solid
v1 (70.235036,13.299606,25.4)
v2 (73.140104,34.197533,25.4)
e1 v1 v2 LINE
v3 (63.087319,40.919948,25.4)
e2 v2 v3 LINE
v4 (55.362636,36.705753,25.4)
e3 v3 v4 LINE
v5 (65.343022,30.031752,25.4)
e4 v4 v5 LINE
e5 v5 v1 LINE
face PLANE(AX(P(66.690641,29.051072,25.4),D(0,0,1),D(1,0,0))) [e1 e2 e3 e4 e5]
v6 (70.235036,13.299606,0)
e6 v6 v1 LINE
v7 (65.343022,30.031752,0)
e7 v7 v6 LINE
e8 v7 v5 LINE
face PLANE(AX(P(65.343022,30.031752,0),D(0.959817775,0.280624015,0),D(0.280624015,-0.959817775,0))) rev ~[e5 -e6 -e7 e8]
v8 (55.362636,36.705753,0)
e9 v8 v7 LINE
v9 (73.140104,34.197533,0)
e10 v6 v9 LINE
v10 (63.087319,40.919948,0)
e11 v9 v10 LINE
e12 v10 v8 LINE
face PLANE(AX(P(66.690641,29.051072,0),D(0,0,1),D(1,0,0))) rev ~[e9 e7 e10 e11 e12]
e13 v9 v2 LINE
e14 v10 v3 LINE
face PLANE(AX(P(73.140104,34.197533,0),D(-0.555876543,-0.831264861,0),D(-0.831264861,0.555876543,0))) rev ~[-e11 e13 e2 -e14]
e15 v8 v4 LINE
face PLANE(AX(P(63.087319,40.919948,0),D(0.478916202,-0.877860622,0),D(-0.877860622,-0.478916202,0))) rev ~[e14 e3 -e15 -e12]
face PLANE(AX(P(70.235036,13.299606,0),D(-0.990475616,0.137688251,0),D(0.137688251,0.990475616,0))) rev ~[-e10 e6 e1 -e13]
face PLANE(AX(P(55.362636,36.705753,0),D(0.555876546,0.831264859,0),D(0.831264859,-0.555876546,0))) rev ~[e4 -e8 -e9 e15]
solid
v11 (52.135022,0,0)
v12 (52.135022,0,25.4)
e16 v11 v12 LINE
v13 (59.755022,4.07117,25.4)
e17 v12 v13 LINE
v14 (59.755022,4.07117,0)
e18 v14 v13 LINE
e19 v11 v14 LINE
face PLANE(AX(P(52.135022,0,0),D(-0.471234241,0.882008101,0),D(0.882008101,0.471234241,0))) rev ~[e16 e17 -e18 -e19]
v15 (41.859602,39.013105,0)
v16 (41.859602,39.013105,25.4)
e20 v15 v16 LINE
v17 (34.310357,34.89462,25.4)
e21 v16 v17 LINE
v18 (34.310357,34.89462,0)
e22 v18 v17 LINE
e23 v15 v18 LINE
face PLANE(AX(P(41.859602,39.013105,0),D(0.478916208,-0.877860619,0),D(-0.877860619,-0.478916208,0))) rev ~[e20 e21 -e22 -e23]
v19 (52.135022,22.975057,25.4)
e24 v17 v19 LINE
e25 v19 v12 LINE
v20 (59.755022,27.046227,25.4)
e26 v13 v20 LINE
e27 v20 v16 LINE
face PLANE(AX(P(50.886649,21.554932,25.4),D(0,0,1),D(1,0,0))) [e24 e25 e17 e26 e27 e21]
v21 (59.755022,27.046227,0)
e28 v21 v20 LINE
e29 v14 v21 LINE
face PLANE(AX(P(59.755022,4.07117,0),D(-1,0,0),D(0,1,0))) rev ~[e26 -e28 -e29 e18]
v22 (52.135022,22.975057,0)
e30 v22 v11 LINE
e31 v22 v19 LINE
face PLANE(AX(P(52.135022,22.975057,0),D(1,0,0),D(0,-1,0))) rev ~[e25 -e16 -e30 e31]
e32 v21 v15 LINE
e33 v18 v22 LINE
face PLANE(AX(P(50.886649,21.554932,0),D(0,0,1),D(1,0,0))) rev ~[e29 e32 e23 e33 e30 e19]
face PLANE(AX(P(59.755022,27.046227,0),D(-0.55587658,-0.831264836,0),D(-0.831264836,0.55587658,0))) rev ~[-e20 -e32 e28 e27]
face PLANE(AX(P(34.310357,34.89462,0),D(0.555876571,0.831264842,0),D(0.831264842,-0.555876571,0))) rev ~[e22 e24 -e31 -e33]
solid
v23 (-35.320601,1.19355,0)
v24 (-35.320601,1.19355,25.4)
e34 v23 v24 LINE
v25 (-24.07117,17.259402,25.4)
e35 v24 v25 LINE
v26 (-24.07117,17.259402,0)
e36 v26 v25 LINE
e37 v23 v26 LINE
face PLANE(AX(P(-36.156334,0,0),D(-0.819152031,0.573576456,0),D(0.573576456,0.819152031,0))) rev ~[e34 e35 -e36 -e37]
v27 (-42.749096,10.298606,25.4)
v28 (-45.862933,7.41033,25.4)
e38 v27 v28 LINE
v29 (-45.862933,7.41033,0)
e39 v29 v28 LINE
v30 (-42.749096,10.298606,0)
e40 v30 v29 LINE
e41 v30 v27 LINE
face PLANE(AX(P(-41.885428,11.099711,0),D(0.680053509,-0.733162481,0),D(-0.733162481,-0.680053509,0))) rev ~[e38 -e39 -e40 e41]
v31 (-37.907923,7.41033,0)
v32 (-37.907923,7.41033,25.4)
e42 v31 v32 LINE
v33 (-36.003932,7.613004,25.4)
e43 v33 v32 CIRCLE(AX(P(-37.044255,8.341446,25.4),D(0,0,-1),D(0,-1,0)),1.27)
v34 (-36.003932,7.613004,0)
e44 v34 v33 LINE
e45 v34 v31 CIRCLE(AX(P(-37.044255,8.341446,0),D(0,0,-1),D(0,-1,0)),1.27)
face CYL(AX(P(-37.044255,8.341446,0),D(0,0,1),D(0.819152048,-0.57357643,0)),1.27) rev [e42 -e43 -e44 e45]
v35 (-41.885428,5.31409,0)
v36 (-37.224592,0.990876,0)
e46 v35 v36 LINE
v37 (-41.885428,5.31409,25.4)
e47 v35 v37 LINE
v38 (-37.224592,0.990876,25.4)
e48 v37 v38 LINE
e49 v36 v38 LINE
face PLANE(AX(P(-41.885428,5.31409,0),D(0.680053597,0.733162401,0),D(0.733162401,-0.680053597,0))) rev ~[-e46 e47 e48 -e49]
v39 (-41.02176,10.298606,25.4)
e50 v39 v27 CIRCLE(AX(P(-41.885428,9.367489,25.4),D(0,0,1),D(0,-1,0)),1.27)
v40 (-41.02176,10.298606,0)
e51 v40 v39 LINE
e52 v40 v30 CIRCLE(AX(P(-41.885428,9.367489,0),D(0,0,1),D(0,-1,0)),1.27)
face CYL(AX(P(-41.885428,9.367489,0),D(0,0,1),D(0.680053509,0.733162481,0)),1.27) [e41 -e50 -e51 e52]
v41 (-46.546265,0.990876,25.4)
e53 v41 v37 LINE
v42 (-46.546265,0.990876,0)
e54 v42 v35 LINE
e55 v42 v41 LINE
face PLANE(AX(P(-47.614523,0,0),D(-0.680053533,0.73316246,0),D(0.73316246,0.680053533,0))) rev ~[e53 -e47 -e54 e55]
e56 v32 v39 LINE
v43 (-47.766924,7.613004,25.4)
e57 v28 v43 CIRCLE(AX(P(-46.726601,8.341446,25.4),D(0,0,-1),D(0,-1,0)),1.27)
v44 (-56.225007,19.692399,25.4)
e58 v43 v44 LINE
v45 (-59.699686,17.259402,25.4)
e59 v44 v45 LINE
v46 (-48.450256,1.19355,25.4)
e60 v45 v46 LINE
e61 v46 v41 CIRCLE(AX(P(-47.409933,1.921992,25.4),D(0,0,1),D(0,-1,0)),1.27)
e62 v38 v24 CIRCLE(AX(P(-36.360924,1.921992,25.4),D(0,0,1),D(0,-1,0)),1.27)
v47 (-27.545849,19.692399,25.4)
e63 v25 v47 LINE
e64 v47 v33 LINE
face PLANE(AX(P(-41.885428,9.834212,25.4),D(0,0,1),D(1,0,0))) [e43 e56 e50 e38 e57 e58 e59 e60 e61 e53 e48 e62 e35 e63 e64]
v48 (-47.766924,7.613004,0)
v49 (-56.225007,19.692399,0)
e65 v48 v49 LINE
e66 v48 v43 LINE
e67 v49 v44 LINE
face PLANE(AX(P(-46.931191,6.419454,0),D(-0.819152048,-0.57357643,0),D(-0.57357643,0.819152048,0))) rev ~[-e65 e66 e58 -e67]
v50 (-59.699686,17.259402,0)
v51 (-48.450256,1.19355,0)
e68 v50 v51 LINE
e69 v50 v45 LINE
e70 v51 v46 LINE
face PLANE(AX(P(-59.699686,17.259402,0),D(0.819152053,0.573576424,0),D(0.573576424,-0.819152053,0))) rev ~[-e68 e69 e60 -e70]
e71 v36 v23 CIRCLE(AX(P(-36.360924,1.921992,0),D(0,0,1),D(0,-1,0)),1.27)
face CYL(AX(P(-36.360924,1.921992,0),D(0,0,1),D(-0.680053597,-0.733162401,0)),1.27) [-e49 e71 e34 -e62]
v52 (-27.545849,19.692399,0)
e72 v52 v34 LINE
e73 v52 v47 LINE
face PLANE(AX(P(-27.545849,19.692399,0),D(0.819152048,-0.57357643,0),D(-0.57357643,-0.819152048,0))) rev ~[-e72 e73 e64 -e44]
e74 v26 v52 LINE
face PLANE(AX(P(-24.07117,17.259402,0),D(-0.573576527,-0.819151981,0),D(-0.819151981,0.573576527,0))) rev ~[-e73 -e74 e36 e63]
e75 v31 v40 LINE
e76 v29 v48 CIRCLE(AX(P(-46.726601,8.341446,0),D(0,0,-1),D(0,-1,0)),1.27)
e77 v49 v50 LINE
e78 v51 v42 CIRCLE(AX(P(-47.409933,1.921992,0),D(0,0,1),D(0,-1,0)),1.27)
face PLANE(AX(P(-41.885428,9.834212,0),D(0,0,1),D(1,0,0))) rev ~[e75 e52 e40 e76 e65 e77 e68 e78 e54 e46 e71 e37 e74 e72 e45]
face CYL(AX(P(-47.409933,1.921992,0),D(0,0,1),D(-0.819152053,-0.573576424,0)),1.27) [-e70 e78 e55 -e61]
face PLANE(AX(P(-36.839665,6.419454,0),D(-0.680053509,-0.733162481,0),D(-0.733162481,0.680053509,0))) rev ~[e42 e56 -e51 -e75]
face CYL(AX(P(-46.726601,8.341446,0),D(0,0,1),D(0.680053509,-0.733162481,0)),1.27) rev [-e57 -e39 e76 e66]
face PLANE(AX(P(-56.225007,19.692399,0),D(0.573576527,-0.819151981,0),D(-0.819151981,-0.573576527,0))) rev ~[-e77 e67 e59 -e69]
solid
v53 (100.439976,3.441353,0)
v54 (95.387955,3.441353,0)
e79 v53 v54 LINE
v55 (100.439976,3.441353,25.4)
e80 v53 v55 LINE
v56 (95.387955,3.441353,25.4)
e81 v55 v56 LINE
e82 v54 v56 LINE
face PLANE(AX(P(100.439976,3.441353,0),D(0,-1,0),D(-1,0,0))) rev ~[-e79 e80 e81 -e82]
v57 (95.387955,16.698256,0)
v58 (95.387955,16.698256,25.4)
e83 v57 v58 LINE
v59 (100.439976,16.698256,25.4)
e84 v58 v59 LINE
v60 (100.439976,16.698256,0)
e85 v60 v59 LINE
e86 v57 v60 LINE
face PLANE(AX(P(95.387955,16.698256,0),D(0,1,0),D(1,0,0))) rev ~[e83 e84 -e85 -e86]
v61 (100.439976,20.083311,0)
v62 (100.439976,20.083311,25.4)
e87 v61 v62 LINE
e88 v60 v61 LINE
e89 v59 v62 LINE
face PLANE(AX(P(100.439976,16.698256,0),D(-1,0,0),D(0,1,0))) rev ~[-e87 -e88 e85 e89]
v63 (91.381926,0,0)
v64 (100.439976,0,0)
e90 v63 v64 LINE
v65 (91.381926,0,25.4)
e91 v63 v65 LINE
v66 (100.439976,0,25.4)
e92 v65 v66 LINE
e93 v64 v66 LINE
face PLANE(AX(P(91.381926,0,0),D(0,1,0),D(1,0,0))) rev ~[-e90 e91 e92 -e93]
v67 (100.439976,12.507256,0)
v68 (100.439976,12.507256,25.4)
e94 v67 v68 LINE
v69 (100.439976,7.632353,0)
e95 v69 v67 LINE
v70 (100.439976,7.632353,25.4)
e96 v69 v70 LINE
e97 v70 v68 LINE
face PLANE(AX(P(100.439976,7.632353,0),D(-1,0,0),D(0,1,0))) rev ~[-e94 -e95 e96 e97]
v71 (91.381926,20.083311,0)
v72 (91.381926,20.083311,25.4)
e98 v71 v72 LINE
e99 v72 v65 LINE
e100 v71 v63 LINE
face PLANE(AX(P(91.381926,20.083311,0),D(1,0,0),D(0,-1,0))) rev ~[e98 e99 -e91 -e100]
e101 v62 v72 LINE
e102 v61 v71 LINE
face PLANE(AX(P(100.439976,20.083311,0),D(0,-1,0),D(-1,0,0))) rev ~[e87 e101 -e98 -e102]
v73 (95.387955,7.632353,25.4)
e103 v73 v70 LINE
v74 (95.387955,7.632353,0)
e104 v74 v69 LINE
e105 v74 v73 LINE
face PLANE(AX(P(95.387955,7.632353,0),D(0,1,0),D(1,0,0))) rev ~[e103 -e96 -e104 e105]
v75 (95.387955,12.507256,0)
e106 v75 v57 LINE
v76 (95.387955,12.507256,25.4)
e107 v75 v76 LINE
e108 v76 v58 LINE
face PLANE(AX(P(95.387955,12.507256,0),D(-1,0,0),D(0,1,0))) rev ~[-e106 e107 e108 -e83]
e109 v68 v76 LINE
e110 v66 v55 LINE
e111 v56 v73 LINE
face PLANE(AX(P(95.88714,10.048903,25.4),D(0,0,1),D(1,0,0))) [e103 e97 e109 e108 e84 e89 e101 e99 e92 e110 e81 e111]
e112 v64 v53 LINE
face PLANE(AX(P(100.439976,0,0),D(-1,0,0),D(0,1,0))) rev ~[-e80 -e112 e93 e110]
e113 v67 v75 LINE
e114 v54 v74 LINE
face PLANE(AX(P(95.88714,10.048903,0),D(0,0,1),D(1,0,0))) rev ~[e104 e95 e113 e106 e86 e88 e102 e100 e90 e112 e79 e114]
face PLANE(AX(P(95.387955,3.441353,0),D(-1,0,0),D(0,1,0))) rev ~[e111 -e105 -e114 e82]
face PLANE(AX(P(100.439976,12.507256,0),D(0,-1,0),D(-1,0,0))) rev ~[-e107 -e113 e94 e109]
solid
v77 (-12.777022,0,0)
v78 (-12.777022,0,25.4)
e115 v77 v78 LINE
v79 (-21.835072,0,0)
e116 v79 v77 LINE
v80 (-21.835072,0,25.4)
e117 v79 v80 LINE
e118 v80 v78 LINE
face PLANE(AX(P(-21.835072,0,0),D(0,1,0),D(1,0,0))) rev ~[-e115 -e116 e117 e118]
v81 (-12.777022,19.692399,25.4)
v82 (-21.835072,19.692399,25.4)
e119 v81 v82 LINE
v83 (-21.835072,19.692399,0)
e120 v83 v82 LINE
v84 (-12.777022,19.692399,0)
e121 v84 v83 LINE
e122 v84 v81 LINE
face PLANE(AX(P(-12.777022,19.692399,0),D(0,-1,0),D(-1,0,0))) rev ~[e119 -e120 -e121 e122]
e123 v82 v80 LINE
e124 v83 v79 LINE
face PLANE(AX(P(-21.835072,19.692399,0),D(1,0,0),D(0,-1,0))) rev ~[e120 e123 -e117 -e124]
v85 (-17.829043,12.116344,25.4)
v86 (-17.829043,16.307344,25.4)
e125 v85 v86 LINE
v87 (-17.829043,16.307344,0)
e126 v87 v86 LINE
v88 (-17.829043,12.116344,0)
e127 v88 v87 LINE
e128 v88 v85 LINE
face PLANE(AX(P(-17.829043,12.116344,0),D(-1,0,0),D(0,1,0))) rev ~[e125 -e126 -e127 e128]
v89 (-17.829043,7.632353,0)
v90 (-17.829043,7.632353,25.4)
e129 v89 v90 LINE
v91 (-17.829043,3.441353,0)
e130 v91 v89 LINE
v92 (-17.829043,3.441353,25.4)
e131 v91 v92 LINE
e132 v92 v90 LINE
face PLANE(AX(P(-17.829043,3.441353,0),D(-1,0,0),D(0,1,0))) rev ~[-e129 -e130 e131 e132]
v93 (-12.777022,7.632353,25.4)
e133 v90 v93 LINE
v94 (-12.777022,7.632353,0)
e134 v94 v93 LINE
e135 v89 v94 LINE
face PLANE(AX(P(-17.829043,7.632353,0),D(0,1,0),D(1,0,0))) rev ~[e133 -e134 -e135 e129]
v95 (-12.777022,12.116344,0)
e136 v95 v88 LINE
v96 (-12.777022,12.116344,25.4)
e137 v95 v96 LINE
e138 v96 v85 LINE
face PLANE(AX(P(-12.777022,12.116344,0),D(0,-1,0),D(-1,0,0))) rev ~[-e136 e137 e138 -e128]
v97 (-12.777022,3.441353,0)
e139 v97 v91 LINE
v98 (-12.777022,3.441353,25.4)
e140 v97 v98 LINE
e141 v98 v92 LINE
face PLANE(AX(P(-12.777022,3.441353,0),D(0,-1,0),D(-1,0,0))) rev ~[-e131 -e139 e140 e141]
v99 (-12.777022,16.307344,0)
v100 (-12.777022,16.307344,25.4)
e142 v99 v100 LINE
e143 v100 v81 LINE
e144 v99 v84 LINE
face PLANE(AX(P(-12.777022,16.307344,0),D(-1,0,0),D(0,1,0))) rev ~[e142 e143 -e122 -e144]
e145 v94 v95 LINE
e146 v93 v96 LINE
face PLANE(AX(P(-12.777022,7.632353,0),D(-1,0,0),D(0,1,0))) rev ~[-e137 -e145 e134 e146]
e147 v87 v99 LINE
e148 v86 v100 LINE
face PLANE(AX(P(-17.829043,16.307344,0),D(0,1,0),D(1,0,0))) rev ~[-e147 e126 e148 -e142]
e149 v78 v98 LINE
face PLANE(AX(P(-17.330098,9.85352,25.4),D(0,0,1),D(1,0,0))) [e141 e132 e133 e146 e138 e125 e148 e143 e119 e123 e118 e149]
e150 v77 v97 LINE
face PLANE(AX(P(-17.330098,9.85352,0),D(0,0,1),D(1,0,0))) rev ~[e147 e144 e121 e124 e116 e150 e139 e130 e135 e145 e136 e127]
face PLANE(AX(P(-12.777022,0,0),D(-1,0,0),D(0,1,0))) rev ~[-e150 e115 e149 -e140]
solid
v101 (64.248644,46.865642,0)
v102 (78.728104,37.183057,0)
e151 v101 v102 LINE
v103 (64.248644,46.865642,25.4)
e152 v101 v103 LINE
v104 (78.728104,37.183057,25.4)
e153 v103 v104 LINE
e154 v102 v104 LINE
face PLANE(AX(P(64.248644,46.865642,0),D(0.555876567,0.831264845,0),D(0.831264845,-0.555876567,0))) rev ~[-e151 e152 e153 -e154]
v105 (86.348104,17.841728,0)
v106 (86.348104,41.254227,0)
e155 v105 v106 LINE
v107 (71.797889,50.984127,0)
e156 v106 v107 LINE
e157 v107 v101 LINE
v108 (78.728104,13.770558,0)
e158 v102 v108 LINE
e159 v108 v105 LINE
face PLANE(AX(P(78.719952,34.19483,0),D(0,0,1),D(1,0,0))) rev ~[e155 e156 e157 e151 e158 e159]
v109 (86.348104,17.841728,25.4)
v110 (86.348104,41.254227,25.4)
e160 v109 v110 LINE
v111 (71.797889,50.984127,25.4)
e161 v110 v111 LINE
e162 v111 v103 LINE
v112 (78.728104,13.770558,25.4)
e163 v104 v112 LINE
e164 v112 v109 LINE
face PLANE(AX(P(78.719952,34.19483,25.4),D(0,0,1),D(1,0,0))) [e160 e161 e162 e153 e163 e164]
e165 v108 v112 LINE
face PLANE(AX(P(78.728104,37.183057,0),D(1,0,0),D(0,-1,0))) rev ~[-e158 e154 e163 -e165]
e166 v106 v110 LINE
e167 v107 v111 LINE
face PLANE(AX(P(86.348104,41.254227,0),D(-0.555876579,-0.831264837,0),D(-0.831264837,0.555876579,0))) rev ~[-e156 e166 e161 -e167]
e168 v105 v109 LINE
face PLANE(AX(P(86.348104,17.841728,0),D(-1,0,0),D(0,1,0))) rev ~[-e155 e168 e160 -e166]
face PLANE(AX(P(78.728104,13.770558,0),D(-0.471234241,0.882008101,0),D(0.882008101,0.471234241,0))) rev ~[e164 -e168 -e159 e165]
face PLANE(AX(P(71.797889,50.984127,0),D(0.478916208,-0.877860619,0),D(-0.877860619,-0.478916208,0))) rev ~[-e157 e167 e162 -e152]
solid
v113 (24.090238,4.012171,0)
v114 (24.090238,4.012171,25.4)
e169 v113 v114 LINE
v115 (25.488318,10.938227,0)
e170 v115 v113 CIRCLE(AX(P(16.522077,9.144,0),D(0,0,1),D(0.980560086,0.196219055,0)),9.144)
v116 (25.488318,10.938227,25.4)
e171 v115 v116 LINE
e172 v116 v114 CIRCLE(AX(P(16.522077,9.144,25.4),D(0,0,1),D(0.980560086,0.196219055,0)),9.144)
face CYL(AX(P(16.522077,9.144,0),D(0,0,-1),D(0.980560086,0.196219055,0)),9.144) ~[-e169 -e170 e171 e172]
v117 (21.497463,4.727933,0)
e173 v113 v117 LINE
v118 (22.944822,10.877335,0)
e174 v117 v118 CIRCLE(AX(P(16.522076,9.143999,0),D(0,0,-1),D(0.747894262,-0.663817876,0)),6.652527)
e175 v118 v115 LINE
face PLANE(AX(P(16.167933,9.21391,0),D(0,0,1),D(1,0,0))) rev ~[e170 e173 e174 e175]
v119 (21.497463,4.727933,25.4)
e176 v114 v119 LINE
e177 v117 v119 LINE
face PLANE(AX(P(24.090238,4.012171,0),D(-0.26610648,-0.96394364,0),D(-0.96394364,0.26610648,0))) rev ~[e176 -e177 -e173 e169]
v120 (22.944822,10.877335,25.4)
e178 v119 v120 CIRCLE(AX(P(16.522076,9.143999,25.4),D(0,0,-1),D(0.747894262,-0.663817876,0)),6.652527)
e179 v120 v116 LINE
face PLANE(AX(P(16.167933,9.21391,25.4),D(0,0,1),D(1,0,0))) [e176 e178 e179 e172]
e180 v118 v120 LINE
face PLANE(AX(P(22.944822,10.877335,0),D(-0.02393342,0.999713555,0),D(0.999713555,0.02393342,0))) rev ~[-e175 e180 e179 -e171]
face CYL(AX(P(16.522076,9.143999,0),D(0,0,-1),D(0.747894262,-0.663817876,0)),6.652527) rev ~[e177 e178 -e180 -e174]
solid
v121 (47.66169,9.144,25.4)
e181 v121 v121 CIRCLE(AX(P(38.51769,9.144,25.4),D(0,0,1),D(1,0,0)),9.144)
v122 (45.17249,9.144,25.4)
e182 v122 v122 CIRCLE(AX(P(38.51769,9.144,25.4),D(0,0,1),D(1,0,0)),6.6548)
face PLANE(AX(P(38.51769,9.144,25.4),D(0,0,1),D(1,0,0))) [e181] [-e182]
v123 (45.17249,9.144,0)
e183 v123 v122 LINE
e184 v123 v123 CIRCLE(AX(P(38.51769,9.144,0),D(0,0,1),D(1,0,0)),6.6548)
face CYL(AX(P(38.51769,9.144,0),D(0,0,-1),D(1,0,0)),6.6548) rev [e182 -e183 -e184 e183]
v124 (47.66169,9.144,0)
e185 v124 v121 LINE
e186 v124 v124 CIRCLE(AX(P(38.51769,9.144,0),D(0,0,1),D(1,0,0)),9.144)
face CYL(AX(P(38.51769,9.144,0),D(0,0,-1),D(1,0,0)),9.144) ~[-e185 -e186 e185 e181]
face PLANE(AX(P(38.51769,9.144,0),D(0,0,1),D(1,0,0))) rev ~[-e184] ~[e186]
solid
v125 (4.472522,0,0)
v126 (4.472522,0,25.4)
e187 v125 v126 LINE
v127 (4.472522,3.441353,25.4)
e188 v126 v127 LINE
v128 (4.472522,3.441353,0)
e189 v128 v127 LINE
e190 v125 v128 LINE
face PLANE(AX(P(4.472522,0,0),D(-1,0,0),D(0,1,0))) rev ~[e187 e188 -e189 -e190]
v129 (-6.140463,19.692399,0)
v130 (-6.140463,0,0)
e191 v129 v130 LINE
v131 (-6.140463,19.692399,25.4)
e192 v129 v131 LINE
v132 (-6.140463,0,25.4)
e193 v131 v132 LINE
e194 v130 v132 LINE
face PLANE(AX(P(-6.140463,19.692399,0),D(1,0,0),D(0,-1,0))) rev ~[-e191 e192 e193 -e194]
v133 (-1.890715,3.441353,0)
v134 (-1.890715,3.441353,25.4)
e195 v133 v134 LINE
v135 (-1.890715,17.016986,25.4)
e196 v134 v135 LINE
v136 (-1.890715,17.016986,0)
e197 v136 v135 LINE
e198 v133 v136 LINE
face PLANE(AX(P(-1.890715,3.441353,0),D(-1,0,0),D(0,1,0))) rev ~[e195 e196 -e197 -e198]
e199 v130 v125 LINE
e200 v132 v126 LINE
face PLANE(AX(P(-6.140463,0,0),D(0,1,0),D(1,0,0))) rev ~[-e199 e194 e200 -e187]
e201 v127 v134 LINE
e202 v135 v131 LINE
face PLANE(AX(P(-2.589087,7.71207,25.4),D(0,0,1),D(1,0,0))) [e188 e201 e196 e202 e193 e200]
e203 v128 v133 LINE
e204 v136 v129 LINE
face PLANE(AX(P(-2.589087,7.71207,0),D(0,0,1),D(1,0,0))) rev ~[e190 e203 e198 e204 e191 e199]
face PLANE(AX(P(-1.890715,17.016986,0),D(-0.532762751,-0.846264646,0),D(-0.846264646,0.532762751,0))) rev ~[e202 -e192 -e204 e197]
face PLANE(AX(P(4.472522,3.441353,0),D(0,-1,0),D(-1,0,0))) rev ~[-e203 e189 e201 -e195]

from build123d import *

# Parameters (mm, degrees)
F0_R     = 9.144
F0_R_2   = 6.6548
F1_DEPTH = 25.4
F2_R     = 1.27


with BuildPart() as f1:
    # F0 (on Top) → F1 (new body)
    with BuildSketch(Plane.XY):
        Polygon((-56.225007, 19.692399), (-59.699686, 17.259402), (-47.614523, 0), (-41.885428, 5.31409), (-36.156334, 0), (-24.07117, 17.259402), (-27.545849, 19.692399), (-36.839665, 6.419454), (-41.885428, 11.099711), (-46.931191, 6.419454), align=None)
        Polygon((-12.777022, 19.692399), (-21.835072, 19.692399), (-21.835072, 0), (-12.777022, 0), (-12.777022, 3.441353), (-17.829043, 3.441353), (-17.829043, 7.632353), (-12.777022, 7.632353), (-12.777022, 12.116344), (-17.829043, 12.116344), (-17.829043, 16.307344), (-12.777022, 16.307344), align=None)
        Polygon((-1.890715, 17.016986), (-6.140463, 19.692399), (-6.140463, 0), (4.472522, 0), (4.472522, 3.441353), (-1.890715, 3.441353), align=None)
        with BuildLine():
            Line((22.944822, 10.877335), (25.488318, 10.938227))
            ThreePointArc((25.488318, 10.938227), (7.558864, 10.953297), (24.090238, 4.012171))
            Line((24.090238, 4.012171), (21.497463, 4.727933))
            ThreePointArc((21.497463, 4.727933), (10.046496, 10.668131), (22.944822, 10.877335))
        make_face()
        with Locations((38.51769, 9.144)):
            Circle(F0_R)
        with Locations((38.51769, 9.144)):
            Circle(F0_R_2, mode=Mode.SUBTRACT)
        Polygon((52.135022, 22.975057), (52.135022, 0), (59.755022, 4.07117), (59.755022, 27.046227), (41.859602, 39.013105), (34.310357, 34.89462), align=None)
        Polygon((63.087319, 40.919948), (55.362636, 36.705753), (65.343022, 30.031752), (70.235036, 13.299606), (73.140104, 34.197533), align=None)
        Polygon((71.797889, 50.984127), (64.248644, 46.865642), (78.728104, 37.183057), (78.728104, 13.770558), (86.348104, 17.841728), (86.348104, 41.254227), align=None)
        Polygon((100.439976, 20.083311), (91.381926, 20.083311), (91.381926, 0), (100.439976, 0), (100.439976, 3.441353), (95.387955, 3.441353), (95.387955, 7.632353), (100.439976, 7.632353), (100.439976, 12.507256), (95.387955, 12.507256), (95.387955, 16.698256), (100.439976, 16.698256), align=None)
    extrude(amount=F1_DEPTH)

    # F2
    f2_edges = [f1.edges().sort_by_distance(p)[0] for p in [
        (-36.156334, 0, 12.7),
        (-47.614523, 0, 12.7),
        (-36.839665, 6.419454, 12.7),
        (-46.931191, 6.419454, 12.7),
        (-41.885428, 11.099711, 12.7),
    ]]
    fillet(f2_edges, radius=F2_R)


solid = f1.part
